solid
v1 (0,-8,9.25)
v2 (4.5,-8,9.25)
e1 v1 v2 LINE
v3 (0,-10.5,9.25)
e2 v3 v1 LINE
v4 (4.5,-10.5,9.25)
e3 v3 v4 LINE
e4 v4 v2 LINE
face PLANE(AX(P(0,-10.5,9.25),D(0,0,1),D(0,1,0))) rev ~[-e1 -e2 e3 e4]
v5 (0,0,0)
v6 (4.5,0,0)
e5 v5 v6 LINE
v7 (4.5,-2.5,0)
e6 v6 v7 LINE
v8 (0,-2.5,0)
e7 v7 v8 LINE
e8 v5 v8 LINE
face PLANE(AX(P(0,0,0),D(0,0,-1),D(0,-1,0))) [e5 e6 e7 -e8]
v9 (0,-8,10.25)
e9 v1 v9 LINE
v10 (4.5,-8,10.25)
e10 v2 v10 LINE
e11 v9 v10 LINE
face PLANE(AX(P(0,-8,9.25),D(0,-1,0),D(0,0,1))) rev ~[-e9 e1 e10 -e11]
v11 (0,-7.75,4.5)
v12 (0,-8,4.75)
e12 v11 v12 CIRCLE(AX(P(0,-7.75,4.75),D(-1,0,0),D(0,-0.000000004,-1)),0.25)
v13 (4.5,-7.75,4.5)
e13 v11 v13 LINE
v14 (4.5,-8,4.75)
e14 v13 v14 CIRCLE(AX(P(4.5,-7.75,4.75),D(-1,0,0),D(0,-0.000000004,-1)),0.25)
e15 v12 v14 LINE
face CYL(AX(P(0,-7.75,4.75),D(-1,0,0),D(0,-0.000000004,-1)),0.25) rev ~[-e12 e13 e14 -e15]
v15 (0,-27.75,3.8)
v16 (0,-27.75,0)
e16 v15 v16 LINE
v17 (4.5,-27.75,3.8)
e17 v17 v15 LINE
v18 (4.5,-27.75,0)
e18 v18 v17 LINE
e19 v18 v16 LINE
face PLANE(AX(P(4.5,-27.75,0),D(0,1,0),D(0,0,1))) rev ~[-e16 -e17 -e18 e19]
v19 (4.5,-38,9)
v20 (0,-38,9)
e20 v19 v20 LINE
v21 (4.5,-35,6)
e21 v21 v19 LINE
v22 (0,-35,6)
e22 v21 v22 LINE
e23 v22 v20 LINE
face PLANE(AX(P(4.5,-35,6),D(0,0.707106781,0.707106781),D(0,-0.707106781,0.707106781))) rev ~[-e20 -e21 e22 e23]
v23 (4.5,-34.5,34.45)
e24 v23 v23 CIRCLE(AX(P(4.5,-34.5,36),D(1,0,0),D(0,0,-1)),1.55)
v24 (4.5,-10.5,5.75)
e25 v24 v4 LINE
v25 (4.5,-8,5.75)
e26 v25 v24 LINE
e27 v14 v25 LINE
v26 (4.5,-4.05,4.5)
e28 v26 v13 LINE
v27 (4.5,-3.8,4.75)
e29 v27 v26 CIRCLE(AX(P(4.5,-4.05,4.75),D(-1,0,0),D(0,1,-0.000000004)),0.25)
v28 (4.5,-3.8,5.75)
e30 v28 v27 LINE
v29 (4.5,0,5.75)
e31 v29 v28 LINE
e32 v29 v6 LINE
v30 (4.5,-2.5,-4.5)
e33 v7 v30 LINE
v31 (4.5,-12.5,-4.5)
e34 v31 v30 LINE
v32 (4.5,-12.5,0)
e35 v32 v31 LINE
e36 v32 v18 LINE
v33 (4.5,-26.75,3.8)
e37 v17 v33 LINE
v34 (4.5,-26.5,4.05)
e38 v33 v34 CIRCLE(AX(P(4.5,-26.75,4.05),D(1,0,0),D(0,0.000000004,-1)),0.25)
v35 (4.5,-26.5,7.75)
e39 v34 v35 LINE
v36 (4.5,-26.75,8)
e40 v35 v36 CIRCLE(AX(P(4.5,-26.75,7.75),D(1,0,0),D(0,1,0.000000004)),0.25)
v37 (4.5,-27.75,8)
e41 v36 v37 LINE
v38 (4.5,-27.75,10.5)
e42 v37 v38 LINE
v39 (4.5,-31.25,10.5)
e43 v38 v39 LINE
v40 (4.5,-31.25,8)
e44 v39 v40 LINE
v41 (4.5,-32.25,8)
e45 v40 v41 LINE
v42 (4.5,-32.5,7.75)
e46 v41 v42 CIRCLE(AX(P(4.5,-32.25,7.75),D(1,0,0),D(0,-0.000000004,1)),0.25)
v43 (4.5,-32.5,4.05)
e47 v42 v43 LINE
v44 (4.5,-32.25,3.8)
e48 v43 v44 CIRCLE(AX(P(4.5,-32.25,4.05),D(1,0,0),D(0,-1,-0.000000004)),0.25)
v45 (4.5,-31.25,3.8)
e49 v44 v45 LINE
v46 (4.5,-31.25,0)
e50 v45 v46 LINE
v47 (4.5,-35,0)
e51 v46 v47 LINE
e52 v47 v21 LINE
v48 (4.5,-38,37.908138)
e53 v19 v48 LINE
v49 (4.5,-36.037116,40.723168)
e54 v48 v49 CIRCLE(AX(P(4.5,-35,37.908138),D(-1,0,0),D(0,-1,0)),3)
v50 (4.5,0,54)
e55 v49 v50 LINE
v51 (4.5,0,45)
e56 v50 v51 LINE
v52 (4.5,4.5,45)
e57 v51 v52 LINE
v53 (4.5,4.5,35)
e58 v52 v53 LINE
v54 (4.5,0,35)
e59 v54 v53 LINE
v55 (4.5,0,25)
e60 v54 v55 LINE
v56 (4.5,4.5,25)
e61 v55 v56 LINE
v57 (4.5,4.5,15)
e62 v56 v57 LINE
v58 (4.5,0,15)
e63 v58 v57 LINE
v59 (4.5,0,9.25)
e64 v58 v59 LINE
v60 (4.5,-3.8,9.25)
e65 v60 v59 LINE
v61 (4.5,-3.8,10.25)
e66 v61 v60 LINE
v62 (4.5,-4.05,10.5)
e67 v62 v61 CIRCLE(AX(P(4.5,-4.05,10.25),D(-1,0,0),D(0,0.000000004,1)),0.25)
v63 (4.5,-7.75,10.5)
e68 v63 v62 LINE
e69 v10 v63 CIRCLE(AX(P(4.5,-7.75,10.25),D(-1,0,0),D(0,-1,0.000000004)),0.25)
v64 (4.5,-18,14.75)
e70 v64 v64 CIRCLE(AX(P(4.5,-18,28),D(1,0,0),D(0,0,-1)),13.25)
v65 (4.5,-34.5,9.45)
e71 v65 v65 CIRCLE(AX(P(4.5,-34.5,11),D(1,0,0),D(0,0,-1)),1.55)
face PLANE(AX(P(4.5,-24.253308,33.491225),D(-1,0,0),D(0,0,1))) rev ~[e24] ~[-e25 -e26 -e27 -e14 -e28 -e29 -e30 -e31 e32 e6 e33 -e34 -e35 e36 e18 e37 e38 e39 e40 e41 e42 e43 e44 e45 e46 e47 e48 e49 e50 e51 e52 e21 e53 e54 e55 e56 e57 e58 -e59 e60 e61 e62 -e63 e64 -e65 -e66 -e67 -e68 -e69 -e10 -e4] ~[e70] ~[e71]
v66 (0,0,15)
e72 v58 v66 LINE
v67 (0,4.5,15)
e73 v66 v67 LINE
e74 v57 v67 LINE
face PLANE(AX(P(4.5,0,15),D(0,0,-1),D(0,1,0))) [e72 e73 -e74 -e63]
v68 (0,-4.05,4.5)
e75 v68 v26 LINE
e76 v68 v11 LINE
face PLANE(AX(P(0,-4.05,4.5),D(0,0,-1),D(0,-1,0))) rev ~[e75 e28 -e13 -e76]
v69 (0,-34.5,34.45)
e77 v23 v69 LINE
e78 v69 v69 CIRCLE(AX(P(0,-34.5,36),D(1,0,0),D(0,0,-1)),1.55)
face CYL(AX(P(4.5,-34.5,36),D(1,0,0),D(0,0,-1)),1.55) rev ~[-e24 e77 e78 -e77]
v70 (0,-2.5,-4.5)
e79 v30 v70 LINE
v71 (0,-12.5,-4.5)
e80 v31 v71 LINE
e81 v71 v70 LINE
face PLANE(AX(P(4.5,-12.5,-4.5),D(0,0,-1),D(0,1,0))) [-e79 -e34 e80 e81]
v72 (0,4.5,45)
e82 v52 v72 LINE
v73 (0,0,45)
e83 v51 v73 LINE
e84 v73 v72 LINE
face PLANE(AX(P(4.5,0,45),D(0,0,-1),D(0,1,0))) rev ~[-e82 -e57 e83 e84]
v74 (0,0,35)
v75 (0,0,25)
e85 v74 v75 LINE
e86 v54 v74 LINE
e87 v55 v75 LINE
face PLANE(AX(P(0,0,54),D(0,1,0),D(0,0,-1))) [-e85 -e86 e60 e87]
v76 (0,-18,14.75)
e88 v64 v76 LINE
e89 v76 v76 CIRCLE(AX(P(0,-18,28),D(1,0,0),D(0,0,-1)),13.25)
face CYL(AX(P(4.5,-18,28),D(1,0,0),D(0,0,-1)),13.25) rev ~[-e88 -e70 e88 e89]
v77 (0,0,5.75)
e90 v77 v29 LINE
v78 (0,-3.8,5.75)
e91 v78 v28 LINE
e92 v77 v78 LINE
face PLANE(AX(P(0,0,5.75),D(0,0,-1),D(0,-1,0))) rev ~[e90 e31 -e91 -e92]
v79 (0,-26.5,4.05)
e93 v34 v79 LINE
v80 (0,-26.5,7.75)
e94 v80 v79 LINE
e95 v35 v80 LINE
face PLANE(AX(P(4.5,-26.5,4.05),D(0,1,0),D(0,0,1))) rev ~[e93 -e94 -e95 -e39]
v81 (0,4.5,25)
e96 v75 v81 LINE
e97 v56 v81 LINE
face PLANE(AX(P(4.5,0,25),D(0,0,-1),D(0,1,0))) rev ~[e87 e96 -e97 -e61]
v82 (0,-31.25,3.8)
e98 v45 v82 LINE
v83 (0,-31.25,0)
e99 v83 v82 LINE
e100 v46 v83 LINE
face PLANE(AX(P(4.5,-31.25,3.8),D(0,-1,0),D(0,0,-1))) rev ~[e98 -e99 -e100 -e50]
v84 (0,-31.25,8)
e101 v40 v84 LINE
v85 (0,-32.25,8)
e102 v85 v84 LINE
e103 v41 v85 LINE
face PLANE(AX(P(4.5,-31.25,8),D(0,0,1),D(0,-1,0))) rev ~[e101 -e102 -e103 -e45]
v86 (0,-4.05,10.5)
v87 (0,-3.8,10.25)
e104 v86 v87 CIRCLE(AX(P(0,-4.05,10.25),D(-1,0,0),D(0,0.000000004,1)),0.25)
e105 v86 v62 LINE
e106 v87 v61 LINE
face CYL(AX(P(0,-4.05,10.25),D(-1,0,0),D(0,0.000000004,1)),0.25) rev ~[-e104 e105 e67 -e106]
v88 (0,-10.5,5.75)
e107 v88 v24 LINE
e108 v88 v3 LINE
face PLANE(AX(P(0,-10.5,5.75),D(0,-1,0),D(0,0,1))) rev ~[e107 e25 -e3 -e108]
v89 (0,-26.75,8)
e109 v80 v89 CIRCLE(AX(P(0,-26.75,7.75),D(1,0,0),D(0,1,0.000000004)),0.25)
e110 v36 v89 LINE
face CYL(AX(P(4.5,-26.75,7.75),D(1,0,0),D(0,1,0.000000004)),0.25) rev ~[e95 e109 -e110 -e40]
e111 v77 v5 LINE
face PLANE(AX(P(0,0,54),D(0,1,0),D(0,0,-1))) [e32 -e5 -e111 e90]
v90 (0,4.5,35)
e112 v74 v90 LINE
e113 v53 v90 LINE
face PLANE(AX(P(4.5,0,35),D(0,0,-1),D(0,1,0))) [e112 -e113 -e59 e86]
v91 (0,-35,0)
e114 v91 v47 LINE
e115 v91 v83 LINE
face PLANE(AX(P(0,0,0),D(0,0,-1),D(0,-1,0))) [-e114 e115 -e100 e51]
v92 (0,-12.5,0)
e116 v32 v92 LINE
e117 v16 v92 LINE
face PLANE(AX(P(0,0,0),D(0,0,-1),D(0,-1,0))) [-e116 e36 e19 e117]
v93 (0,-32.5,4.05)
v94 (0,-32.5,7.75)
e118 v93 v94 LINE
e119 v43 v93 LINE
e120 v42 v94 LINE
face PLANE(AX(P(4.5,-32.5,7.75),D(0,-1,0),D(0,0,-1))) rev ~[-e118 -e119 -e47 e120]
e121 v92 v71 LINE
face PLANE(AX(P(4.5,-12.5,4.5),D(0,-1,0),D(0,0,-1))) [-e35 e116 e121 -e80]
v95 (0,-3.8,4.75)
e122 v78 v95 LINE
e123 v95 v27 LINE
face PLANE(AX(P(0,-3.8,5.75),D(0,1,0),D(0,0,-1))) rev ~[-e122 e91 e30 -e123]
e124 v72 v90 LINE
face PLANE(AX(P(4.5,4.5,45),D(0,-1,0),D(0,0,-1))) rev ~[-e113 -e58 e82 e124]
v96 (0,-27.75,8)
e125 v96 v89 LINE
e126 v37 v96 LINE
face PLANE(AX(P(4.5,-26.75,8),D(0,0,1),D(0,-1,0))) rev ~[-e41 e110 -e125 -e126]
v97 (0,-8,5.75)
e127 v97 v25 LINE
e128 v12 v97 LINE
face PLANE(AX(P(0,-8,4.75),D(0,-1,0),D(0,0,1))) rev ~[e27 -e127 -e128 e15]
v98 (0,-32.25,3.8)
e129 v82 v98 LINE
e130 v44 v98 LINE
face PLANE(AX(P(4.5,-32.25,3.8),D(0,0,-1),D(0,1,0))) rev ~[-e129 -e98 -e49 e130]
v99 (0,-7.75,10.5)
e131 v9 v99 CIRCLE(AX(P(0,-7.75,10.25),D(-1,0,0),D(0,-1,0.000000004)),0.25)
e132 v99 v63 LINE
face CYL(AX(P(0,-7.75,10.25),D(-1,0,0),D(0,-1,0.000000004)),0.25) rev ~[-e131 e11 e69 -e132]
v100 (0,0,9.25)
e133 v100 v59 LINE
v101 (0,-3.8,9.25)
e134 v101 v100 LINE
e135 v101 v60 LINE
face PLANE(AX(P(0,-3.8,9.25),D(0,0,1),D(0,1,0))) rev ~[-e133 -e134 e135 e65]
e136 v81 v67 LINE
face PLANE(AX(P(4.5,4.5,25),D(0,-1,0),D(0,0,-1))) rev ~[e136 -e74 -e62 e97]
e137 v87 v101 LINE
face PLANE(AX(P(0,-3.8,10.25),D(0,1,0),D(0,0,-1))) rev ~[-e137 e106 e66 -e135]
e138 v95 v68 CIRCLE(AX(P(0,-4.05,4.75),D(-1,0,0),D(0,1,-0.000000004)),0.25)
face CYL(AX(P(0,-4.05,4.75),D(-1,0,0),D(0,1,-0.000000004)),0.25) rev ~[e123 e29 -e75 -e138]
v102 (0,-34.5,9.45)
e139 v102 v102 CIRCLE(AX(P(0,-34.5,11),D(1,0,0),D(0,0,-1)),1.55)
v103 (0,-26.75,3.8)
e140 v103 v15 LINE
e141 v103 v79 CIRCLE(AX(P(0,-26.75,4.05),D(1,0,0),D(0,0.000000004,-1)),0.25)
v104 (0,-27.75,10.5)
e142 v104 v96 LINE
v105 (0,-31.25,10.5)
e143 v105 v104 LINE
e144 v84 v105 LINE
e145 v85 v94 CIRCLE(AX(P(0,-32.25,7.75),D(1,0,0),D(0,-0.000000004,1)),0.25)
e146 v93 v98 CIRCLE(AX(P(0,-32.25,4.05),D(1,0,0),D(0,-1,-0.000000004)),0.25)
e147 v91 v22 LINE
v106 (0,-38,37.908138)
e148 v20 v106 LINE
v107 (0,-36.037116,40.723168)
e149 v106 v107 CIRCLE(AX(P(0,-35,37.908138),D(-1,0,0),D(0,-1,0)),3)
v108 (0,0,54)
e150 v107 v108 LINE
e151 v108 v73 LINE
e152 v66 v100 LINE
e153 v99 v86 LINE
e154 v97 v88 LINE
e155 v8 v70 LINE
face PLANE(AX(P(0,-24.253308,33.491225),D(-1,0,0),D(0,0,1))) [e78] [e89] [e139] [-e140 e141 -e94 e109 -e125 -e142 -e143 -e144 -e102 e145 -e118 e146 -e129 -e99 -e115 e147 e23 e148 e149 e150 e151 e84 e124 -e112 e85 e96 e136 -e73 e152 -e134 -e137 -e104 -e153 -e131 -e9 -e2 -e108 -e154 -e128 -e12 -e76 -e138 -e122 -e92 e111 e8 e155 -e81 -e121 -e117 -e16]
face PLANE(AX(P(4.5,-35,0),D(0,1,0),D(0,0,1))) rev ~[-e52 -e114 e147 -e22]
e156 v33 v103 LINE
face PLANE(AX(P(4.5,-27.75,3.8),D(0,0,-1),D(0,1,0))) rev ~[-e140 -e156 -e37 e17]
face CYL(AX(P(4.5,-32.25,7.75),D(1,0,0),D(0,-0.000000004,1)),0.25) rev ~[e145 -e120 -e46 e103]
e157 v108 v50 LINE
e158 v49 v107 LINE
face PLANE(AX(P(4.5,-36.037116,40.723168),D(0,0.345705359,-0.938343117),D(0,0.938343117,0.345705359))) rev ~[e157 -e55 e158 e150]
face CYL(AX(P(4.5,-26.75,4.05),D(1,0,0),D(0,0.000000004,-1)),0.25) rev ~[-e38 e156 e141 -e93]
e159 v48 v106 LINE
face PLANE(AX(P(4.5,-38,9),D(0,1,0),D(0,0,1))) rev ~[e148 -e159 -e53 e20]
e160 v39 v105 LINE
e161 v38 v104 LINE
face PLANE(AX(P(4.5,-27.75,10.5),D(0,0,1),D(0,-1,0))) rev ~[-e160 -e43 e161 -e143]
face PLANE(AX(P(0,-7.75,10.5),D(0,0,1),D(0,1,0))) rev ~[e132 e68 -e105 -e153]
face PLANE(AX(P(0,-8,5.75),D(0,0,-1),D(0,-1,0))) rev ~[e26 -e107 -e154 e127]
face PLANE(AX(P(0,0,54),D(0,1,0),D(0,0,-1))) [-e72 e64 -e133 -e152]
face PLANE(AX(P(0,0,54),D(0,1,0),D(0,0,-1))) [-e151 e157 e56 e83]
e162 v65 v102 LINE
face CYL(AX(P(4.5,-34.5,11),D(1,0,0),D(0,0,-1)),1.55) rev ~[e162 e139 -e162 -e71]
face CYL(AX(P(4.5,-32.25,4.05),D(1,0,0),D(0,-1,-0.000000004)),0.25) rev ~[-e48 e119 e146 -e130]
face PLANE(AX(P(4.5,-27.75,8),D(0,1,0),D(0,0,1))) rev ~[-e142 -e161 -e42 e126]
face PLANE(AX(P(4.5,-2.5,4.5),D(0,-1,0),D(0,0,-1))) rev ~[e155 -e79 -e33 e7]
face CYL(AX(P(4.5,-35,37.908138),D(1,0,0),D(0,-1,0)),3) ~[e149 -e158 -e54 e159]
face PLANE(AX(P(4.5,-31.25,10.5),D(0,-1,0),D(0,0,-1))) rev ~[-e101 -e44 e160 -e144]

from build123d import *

# Parameters (mm, degrees)
BOSS_EXTRUDE1_DEPTH  = 4.5
SKETCH2_W            = 9
SKETCH2_H            = 10
BOSS_EXTRUDE2_DEPTH  = 4.5
BOSS_EXTRUDE3_DEPTH  = 4.5
CUT_EXTRUDE1_DEPTH   = 65.507751472
SKETCH5_W            = 10
SKETCH5_H            = 4.5
BOSS_EXTRUDE4_DEPTH  = 4.5
CUT_EXTRUDE4_DEPTH   = 65.507751472
BOSS_EXTRUDE11_DEPTH = 4.5
SKETCH21_R           = 1.55
CUT_EXTRUDE8_DEPTH   = 67.183457148
SKETCH22_R           = 13.25
CUT_EXTRUDE9_DEPTH   = 67.183457148


with BuildPart() as part:
    # Sketch1 → Boss-Extrude1 (new body)
    with BuildSketch(Plane(origin=(0, 0, 0), x_dir=(0, 0, -1), z_dir=(1, 0, 0))):
        Polygon((0, 0), (0, -35), (-54, 0), align=None)
    extrude(amount=BOSS_EXTRUDE1_DEPTH)

    # Sketch2 → Boss-Extrude2 (add, through all)
    with BuildSketch(Plane(origin=(4.5, 0, 0), x_dir=(0, 0, -1), z_dir=(1, 0, 0))):
        with Locations((0, -7.5)):
            Rectangle(SKETCH2_W, SKETCH2_H)
    extrude(amount=-BOSS_EXTRUDE2_DEPTH)

    # Sketch3 → Boss-Extrude3 (add, through all)
    with BuildSketch(Plane(origin=(4.5, 0, 0), x_dir=(0, 0, -1), z_dir=(1, 0, 0))):
        Polygon((0, -35), (-15, -35), (-54, 0), (0, -25), align=None)
    extrude(amount=-BOSS_EXTRUDE3_DEPTH)

    # Sketch4 → Cut-Extrude1 (cut, through all)
    with BuildSketch(Plane(origin=(4.5, 0, 0), x_dir=(0, 0, -1), z_dir=(1, 0, 0))):
        with BuildLine():
            Line((0, -31.25), (0, -27.75))
            Line((0, -27.75), (-3.8, -27.75))
            Line((-3.8, -27.75), (-3.8, -26.75))
            ThreePointArc((-3.8, -26.75), (-3.873223305, -26.573223305), (-4.05, -26.5))
            Line((-4.05, -26.5), (-7.75, -26.5))
            ThreePointArc((-7.75, -26.5), (-7.926776695, -26.573223305), (-8, -26.75))
            Line((-8, -26.75), (-8, -27.75))
            Line((-8, -27.75), (-10.5, -27.75))
            Line((-10.5, -27.75), (-10.5, -31.25))
            Line((-10.5, -31.25), (-8, -31.25))
            Line((-8, -31.25), (-8, -32.25))
            ThreePointArc((-8, -32.25), (-7.926776695, -32.426776695), (-7.75, -32.5))
            Line((-7.75, -32.5), (-4.05, -32.5))
            ThreePointArc((-4.05, -32.5), (-3.873223305, -32.426776695), (-3.8, -32.25))
            Line((-3.8, -32.25), (-3.8, -31.25))
            Line((-3.8, -31.25), (0, -31.25))
        make_face()
    extrude(amount=-CUT_EXTRUDE1_DEPTH, mode=Mode.SUBTRACT)

    # Sketch5 → Boss-Extrude4 (add, through all)
    with BuildSketch(Plane(origin=(4.5, 0, 0), x_dir=(0, 0, -1), z_dir=(1, 0, 0))):
        with Locations((-20, 2.25)):
            Rectangle(SKETCH5_W, SKETCH5_H)
        with Locations((-40, 2.25)):
            Rectangle(SKETCH5_W, SKETCH5_H)
    extrude(amount=-BOSS_EXTRUDE4_DEPTH)

    # Sketch11 → Cut-Extrude4 (cut, through all)
    with BuildSketch(Plane.ZY):
        with BuildLine():
            Line((5.75, -10.5), (9.25, -10.5))
            Line((9.25, -10.5), (9.25, -8))
            Line((9.25, -8), (10.25, -8))
            ThreePointArc((10.25, -8), (10.426776695, -7.926776695), (10.5, -7.75))
            Line((10.5, -7.75), (10.5, -4.05))
            ThreePointArc((10.5, -4.05), (10.426776695, -3.873223305), (10.25, -3.8))
            Line((10.25, -3.8), (9.25, -3.8))
            Line((9.25, -3.8), (9.25, 0))
            Line((9.25, 0), (5.75, 0))
            Line((5.75, 0), (5.75, -3.8))
            Line((5.75, -3.8), (4.75, -3.8))
            ThreePointArc((4.75, -3.8), (4.573223305, -3.873223305), (4.5, -4.05))
            Line((4.5, -4.05), (4.5, -7.75))
            ThreePointArc((4.5, -7.75), (4.573223305, -7.926776695), (4.75, -8))
            Line((4.75, -8), (5.75, -8))
            Line((5.75, -8), (5.75, -10.5))
        make_face()
    extrude(amount=-CUT_EXTRUDE4_DEPTH, mode=Mode.SUBTRACT)

    # Sketch20 → Boss-Extrude11 (add, through all)
    with BuildSketch(Plane(origin=(4.5, 0, 0), x_dir=(0, 0, -1), z_dir=(1, 0, 0))):
        with BuildLine():
            Line((-9, -38), (-37.908138411, -38))
            ThreePointArc((-37.908138411, -38), (-39.624042221, -37.460827933), (-40.723167761, -36.037116076))
            Line((-40.723167761, -36.037116076), (-54, 0))
            Line((-54, 0), (-15, -35))
            Line((-15, -35), (-6, -35))
            Line((-6, -35), (-9, -38))
        make_face()
    extrude(amount=-BOSS_EXTRUDE11_DEPTH)

    # Sketch21 → Cut-Extrude8 (cut, through all)
    with BuildSketch(Plane(origin=(4.5, 0, 0), x_dir=(0, 0, -1), z_dir=(1, 0, 0))):
        with Locations((-36, -34.5)):
            Circle(SKETCH21_R)
        with Locations((-11, -34.5)):
            Circle(SKETCH21_R)
    extrude(amount=-CUT_EXTRUDE8_DEPTH, mode=Mode.SUBTRACT)

    # Sketch22 → Cut-Extrude9 (cut, through all)
    with BuildSketch(Plane(origin=(4.5, 0, 0), x_dir=(0, 0, -1), z_dir=(1, 0, 0))):
        with Locations((-28, -18)):
            Circle(SKETCH22_R)
    extrude(amount=-CUT_EXTRUDE9_DEPTH, mode=Mode.SUBTRACT)


solid = part.part
